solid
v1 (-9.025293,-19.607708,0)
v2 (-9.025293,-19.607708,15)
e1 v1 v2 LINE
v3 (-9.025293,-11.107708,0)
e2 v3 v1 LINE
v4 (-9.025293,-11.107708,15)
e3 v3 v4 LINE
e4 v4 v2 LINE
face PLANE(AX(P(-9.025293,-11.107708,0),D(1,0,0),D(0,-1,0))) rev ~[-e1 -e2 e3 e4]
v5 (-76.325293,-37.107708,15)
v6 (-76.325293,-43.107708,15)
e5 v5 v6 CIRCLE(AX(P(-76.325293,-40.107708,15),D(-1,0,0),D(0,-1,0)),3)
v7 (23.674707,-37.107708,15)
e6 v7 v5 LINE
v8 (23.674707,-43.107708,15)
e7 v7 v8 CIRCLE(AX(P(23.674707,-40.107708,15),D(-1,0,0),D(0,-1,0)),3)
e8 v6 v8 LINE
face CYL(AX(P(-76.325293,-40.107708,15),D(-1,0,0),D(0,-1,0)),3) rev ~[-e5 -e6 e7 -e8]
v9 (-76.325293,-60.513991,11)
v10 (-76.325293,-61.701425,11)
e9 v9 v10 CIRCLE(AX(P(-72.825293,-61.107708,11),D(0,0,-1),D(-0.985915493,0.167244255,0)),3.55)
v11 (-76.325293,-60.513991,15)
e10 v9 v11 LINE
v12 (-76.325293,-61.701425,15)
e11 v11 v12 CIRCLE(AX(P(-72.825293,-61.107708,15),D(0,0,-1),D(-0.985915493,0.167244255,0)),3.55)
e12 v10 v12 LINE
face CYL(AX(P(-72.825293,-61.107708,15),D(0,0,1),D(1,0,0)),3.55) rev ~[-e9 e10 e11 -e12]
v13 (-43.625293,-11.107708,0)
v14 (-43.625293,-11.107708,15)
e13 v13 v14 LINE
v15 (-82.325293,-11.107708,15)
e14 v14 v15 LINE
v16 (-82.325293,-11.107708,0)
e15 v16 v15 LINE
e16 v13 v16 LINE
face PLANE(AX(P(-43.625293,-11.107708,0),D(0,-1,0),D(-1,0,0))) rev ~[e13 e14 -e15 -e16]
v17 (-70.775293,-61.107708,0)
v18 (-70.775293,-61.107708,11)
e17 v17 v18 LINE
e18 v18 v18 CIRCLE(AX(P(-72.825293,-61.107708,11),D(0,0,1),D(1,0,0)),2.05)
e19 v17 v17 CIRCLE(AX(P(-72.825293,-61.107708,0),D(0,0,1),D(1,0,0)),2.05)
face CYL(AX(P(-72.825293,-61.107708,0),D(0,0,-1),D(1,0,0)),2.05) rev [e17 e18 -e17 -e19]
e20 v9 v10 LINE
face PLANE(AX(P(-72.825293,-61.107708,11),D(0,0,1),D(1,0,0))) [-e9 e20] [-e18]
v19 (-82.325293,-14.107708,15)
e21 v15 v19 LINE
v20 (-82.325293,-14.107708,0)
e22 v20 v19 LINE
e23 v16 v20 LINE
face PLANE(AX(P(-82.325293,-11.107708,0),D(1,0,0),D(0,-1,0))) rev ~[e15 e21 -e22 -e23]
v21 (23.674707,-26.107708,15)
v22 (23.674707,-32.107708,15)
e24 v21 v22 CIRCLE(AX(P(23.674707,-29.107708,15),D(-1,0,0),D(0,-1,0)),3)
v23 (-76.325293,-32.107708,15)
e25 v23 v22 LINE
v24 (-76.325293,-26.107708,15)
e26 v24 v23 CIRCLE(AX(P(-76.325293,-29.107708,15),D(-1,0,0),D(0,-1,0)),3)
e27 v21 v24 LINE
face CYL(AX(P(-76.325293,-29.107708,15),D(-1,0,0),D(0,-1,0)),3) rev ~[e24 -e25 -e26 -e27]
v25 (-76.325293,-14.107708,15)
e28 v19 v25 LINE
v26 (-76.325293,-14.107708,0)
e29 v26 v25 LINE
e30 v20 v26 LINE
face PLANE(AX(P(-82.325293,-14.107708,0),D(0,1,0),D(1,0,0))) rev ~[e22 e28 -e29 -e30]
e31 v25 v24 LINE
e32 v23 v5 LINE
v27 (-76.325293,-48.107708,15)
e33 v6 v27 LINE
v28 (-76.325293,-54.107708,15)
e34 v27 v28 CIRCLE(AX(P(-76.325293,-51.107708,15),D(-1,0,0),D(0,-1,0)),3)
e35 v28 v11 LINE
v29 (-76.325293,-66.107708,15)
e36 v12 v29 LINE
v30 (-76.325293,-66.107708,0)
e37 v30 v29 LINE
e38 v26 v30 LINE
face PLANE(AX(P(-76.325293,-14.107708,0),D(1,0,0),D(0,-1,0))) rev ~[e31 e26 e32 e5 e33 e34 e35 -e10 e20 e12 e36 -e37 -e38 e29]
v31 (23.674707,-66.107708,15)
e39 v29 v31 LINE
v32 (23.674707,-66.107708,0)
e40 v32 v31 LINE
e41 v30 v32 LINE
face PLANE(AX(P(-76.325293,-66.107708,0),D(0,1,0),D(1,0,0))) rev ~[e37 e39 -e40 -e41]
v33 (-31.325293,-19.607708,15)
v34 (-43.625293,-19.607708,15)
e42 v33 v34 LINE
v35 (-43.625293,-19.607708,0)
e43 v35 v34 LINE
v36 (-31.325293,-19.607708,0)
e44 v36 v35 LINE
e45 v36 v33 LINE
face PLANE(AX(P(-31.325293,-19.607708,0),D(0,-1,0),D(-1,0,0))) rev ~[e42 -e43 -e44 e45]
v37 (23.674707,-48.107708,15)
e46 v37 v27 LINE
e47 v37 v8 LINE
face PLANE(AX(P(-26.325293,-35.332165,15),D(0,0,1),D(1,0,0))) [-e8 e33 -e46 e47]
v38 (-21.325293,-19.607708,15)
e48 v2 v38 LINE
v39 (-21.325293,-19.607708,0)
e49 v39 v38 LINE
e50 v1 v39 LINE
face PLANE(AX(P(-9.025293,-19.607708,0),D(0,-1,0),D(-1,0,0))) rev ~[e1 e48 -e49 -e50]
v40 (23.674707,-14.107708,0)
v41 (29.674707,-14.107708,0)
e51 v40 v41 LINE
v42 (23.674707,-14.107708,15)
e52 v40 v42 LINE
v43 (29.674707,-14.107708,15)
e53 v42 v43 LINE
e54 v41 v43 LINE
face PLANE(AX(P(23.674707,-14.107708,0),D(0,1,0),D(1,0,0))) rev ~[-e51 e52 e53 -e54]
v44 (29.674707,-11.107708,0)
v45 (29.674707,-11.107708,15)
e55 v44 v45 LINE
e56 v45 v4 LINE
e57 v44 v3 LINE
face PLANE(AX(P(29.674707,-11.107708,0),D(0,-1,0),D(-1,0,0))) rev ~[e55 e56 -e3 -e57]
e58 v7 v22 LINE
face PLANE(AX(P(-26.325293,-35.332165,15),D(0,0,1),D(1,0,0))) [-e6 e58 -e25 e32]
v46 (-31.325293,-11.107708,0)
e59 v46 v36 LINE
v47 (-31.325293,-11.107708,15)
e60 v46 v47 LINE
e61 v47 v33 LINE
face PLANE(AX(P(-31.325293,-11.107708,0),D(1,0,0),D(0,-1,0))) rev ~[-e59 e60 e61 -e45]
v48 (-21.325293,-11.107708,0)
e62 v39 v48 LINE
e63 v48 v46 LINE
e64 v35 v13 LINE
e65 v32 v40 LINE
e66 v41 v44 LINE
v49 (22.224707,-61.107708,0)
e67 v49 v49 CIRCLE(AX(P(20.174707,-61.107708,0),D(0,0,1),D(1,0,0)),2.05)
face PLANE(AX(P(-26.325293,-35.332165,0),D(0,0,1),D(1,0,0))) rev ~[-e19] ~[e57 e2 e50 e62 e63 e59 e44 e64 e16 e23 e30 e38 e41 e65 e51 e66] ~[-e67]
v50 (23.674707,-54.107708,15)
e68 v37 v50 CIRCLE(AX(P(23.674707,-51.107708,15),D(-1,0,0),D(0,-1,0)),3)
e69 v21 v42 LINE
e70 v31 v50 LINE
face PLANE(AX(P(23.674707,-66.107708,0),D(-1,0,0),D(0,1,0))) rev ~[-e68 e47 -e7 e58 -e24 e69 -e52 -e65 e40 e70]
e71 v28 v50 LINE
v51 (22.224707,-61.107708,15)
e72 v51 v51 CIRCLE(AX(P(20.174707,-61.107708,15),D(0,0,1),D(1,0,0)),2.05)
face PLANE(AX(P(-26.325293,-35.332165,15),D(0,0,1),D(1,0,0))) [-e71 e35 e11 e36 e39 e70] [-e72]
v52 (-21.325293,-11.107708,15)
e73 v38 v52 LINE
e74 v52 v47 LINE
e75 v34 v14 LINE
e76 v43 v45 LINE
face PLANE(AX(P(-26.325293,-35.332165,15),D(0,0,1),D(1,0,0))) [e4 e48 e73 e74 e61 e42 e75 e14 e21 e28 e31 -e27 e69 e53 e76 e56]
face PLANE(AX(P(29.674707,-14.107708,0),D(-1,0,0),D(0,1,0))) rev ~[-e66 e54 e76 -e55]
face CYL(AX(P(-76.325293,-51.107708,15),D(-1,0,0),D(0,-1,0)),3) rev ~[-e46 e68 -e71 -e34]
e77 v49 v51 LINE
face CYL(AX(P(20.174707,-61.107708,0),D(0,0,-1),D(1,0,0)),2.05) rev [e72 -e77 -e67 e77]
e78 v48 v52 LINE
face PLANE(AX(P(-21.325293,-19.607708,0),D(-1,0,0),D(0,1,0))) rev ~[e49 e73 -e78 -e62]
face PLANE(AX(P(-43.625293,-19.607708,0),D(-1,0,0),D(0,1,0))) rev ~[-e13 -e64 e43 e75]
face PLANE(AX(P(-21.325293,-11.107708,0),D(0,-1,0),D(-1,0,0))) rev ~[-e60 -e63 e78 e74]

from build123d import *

# Parameters (mm, degrees)
F0_R     = 2.05
F1_DEPTH = 15
F2_R     = 3
F3_DEPTH = 121
F4_R     = 3.55
F4_R_2   = 2.05
F5_DEPTH = 4


with BuildPart() as f1:
    # F0 (on Top) → F1 (new body)
    with BuildSketch(Plane.XY):
        Polygon((-43.625293, -11.107708), (-82.325293, -11.107708), (-82.325293, -14.107708), (-76.325293, -14.107708), (-76.325293, -66.107708), (23.674707, -66.107708), (23.674707, -14.107708), (29.674707, -14.107708), (29.674707, -11.107708), (-9.025293, -11.107708), (-9.025293, -19.607708), (-21.325293, -19.607708), (-21.325293, -11.107708), (-31.325293, -11.107708), (-31.325293, -19.607708), (-43.625293, -19.607708), align=None)
        with Locations((-72.825293, -61.107708)):
            Circle(F0_R, mode=Mode.SUBTRACT)
        with Locations((20.174707, -61.107708)):
            Circle(F0_R, mode=Mode.SUBTRACT)
    extrude(amount=F1_DEPTH)

    # F2 (on face) → F3 (cut)
    with BuildSketch(Plane(origin=(-76.325293, 0, 0), x_dir=(0, -1, 0), z_dir=(-1, 0, 0))):
        with Locations((29.107708, 15)):
            Circle(F2_R)
        with Locations((51.107708, 15)):
            Circle(F2_R)
        with Locations((40.107708, 15)):
            Circle(F2_R)
    extrude(amount=-F3_DEPTH, mode=Mode.SUBTRACT)

    # F4 (on face) → F5 (cut)
    with BuildSketch(Plane.XY.offset(15)):
        with Locations((-72.825293, -61.107708)):
            Circle(F4_R)
        with Locations((-72.825293, -61.107708)):
            Circle(F4_R_2, mode=Mode.SUBTRACT)
    extrude(amount=-F5_DEPTH, mode=Mode.SUBTRACT)


solid = f1.part
